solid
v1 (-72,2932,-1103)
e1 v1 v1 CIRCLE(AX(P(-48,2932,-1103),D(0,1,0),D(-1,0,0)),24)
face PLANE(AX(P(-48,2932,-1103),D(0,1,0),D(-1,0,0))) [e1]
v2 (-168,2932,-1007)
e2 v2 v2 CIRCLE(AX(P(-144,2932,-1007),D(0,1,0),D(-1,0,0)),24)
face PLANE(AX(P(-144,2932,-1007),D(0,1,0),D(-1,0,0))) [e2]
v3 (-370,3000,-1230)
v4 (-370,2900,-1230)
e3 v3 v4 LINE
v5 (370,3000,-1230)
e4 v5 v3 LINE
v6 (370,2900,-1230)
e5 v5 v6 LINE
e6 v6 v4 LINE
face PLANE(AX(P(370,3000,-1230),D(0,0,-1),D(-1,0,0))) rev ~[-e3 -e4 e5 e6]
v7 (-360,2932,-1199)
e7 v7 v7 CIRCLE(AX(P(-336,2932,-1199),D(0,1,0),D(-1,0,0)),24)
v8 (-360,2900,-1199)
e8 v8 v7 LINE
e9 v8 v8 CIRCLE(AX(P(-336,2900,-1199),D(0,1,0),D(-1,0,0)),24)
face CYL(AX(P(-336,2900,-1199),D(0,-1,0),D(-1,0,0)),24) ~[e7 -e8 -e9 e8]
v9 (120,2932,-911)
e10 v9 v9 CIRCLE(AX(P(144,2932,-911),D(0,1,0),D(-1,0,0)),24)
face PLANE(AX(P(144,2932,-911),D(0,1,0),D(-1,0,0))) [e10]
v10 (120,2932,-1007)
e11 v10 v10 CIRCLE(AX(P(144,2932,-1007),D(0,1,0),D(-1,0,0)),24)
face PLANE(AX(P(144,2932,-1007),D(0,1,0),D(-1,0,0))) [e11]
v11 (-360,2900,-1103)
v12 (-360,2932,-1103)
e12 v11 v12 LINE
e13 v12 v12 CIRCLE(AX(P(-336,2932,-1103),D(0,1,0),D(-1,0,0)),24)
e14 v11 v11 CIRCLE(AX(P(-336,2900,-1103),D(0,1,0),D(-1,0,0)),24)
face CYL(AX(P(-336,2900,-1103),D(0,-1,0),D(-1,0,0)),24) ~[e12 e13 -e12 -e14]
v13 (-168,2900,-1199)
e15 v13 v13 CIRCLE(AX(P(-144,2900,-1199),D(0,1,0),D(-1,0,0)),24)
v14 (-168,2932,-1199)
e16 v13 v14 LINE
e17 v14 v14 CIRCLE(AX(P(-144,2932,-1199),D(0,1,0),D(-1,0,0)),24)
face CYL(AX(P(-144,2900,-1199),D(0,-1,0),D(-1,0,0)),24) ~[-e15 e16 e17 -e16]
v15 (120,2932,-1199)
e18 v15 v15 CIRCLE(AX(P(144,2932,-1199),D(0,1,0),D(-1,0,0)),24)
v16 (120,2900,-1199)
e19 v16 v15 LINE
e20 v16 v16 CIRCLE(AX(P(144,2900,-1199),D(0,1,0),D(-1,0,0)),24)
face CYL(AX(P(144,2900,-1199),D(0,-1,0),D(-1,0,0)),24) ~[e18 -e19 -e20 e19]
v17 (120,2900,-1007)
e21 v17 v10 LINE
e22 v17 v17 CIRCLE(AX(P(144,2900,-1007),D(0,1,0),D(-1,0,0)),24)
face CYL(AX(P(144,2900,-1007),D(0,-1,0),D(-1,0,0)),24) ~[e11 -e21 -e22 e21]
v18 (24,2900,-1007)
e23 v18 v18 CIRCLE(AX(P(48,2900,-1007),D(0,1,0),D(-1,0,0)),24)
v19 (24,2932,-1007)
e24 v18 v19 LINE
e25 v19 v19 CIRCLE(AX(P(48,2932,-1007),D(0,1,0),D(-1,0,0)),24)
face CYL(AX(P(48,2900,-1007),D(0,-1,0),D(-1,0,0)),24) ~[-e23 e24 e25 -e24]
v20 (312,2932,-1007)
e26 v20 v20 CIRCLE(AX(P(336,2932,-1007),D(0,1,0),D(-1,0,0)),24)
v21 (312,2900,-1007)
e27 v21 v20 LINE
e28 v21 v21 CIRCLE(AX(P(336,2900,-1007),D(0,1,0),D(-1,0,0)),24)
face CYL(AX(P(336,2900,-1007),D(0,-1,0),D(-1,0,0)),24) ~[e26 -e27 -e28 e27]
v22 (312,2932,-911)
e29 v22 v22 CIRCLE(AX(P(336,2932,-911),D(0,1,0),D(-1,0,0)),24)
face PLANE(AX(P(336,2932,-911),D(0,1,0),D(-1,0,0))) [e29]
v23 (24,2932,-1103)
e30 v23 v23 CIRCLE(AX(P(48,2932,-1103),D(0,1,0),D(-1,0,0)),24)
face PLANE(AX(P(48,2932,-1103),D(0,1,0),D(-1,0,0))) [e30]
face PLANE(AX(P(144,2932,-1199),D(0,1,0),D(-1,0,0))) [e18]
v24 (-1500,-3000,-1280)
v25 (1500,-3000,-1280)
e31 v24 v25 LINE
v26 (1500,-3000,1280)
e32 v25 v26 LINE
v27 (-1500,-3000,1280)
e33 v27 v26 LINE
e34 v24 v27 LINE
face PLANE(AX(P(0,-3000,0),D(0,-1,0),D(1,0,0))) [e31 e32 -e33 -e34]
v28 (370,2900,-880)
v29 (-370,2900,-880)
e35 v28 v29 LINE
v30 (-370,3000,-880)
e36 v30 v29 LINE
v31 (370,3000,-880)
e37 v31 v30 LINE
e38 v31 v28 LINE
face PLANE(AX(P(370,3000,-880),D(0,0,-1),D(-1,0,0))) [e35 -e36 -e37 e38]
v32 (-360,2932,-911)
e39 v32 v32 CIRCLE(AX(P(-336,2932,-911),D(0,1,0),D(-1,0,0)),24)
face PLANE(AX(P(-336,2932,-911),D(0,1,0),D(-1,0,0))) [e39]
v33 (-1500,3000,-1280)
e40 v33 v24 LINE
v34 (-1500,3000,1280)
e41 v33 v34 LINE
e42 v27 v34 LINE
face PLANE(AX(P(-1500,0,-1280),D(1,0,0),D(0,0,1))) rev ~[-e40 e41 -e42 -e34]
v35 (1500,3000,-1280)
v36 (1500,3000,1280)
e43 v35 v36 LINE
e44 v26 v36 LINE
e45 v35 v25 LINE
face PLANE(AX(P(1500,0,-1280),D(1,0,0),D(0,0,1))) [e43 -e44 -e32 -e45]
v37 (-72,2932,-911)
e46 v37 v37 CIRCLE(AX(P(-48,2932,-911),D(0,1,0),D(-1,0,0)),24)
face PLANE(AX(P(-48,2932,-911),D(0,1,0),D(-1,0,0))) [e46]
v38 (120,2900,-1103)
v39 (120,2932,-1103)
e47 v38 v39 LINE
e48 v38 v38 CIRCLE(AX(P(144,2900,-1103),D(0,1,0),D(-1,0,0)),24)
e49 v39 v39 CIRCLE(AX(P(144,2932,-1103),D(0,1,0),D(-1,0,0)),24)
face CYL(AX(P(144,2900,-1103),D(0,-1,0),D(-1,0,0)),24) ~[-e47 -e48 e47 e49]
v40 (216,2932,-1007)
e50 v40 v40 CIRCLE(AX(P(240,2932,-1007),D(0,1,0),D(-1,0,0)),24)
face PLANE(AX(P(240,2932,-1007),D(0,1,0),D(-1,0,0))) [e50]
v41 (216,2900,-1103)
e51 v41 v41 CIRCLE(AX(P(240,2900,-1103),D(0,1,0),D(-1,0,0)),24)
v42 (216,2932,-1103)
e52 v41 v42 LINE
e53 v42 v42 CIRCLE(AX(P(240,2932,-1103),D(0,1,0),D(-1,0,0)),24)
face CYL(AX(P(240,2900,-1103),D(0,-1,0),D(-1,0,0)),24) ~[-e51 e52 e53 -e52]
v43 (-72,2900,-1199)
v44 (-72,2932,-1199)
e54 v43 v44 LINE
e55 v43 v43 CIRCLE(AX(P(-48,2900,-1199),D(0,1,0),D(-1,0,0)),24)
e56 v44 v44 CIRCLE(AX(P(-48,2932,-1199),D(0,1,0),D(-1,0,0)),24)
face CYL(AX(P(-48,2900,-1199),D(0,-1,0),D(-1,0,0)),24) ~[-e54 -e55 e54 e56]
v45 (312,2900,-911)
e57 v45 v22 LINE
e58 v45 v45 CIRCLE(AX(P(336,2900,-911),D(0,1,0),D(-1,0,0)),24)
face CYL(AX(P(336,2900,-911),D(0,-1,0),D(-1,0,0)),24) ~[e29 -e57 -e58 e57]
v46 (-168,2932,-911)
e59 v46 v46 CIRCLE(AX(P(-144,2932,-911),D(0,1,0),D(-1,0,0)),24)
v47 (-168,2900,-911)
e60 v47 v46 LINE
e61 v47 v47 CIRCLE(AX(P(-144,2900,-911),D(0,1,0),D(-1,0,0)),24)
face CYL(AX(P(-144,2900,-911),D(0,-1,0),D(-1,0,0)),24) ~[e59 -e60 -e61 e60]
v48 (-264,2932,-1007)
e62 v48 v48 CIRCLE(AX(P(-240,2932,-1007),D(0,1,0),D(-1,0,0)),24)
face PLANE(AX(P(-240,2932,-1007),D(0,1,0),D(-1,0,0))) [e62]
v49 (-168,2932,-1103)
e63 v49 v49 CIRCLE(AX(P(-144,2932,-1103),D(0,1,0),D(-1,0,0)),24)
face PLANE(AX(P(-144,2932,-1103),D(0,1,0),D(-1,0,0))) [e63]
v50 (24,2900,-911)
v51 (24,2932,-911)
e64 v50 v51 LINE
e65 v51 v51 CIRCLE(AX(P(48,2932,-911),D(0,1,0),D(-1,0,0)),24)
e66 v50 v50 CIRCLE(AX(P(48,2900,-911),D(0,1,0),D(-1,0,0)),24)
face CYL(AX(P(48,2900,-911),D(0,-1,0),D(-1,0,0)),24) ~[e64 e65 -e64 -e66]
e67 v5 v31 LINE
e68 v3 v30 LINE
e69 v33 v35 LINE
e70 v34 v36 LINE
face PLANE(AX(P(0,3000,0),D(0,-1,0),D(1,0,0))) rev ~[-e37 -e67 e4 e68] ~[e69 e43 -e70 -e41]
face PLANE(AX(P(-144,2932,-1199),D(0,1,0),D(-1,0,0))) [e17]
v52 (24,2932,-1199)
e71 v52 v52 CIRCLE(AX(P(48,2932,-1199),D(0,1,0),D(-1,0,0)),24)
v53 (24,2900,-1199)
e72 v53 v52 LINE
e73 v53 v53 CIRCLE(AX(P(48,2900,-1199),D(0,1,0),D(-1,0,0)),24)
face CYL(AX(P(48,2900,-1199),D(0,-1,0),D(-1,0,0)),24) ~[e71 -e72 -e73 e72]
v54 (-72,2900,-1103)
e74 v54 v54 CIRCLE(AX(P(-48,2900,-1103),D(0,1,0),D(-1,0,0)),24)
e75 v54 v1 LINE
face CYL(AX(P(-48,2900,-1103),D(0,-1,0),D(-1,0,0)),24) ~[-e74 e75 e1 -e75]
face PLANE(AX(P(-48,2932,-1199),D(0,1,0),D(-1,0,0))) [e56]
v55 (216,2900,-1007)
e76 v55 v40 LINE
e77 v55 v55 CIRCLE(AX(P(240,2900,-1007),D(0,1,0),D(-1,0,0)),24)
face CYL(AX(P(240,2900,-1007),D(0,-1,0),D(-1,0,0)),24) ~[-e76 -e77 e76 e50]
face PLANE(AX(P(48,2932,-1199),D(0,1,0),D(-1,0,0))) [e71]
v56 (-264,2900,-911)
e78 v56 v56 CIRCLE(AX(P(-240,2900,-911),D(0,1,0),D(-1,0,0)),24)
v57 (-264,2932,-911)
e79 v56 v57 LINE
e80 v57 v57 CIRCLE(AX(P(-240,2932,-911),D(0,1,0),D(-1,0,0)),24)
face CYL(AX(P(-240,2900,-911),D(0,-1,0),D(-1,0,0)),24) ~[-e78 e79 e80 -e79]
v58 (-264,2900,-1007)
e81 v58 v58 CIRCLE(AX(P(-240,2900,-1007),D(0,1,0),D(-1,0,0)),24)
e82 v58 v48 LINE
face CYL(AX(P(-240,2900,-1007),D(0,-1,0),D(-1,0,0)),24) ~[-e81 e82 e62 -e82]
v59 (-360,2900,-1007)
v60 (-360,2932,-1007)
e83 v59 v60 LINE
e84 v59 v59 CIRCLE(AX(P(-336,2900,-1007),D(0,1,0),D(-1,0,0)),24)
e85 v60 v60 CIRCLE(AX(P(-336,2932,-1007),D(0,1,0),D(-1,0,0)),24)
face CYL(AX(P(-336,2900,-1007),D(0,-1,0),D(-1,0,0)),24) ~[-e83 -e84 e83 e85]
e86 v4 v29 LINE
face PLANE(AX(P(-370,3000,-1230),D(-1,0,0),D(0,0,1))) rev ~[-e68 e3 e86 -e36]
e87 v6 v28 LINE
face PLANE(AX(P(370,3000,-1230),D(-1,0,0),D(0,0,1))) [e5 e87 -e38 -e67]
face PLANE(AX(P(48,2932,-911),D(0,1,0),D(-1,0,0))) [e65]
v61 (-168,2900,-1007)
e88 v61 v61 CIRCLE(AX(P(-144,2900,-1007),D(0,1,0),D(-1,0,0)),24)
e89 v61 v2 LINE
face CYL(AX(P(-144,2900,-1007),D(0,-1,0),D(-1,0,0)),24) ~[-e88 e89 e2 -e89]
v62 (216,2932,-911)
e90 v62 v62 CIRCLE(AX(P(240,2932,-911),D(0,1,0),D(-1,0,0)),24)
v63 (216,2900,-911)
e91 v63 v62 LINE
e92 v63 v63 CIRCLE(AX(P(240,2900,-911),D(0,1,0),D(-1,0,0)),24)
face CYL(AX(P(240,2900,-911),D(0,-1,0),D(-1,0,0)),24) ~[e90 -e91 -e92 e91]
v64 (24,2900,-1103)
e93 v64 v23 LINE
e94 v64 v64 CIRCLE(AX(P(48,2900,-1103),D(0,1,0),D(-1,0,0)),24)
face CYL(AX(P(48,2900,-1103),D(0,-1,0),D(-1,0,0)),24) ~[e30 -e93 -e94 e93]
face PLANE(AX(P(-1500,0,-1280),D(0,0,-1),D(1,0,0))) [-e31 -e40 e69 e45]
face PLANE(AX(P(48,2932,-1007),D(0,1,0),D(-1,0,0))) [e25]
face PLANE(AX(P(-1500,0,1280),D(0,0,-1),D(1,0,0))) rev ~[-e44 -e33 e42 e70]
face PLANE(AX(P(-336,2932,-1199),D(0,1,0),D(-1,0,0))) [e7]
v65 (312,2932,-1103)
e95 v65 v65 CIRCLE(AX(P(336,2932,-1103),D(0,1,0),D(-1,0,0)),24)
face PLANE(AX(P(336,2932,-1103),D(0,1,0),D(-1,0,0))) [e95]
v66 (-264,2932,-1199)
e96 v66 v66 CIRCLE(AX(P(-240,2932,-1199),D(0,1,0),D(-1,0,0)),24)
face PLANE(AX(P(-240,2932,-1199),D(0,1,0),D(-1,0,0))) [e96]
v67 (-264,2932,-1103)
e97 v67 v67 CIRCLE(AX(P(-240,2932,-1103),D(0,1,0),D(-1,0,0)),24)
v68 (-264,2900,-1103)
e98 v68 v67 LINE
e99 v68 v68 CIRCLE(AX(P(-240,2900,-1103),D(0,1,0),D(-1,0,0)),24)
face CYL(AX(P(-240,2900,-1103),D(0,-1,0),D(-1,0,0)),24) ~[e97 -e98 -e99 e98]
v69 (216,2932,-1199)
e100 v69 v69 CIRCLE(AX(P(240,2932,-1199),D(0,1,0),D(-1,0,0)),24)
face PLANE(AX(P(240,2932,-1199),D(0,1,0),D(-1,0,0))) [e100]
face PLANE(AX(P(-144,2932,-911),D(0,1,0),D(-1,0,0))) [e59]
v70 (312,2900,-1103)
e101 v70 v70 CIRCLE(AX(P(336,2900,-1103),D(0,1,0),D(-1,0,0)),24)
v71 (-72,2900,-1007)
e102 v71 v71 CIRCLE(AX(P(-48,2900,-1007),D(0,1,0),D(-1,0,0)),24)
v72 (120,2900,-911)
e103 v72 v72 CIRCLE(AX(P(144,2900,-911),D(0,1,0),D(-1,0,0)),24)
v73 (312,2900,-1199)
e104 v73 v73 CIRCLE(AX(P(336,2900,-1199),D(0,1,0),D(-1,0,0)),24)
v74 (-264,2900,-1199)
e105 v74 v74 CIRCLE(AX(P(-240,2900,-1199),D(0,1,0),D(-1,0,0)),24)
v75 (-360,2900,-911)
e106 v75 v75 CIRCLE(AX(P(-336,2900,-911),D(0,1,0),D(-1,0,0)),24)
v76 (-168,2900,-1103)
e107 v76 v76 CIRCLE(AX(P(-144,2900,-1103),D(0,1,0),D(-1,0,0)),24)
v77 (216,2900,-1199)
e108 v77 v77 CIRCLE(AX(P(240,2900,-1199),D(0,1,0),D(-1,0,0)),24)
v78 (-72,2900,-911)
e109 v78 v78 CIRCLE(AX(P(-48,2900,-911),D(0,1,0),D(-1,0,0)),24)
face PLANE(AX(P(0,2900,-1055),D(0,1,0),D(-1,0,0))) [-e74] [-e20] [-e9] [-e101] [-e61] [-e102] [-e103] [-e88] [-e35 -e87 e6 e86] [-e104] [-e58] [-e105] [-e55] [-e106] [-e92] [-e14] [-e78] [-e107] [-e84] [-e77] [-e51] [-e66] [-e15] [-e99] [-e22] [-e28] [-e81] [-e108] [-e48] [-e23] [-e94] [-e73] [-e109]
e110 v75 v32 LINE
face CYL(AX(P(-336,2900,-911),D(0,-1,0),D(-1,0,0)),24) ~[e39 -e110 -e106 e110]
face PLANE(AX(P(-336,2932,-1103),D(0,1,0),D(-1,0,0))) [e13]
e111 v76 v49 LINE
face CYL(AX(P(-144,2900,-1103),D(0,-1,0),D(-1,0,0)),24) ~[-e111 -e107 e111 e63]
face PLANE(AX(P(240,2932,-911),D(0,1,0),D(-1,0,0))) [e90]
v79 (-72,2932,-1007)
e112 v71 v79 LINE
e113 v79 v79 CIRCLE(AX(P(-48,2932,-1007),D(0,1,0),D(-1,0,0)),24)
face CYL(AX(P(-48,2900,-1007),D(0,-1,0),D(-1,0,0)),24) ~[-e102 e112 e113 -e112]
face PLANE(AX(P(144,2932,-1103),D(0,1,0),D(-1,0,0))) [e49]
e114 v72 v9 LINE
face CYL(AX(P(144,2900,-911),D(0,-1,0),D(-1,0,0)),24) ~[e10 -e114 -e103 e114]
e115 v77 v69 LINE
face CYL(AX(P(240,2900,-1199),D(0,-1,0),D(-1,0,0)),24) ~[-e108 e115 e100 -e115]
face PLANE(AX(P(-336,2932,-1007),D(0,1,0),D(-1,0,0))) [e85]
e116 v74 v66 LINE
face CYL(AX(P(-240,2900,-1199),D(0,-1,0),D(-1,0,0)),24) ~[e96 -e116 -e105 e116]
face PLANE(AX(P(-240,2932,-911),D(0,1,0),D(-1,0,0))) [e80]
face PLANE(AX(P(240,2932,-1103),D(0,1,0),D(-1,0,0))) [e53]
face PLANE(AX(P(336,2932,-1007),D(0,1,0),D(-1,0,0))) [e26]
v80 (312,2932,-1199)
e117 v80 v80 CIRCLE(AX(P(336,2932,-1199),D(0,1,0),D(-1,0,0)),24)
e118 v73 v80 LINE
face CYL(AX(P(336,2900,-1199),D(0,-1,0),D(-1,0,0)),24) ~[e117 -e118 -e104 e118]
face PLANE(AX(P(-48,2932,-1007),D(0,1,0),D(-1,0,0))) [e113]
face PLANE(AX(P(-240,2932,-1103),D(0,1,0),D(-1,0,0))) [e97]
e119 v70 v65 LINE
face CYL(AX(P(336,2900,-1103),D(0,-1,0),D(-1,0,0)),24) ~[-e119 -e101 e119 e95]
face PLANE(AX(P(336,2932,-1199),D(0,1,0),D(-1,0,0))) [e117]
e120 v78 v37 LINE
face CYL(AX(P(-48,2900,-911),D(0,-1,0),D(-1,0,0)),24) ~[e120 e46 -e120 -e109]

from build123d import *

# Parameters (mm, degrees)
F0_W     = 3000
F0_H     = 2560
F1_DEPTH = 3000
F3_W     = 740
F3_H     = 350
F4_DEPTH = 100
F5_R     = 24
F6_DEPTH = 32


with BuildPart() as f1:
    # F0 (on Front) → F1 (new body, symmetric)
    with BuildSketch(Plane.XZ):
        Rectangle(F0_W, F0_H)
    extrude(amount=F1_DEPTH, both=True)

    # F3 (on face) → F4 (cut)
    with BuildSketch(Plane(origin=(0, 3000, 0), x_dir=(-1, 0, 0), z_dir=(0, 1, 0))):
        with Locations((0, -1055)):
            Rectangle(F3_W, F3_H)
    extrude(amount=-F4_DEPTH, mode=Mode.SUBTRACT)

    # F5 (on face) → F6 (join)
    with BuildSketch(Plane(origin=(0, 2900, 0), x_dir=(-1, 0, 0), z_dir=(0, 1, 0))):
        with Locations((-336, -911)):
            Circle(F5_R)
        with Locations((-336, -1007)):
            Circle(F5_R)
        with Locations((-336, -1103)):
            Circle(F5_R)
        with Locations((-336, -1199)):
            Circle(F5_R)
        with Locations((-240, -911)):
            Circle(F5_R)
        with Locations((-240, -1007)):
            Circle(F5_R)
        with Locations((-240, -1103)):
            Circle(F5_R)
        with Locations((-240, -1199)):
            Circle(F5_R)
        with Locations((-144, -911)):
            Circle(F5_R)
        with Locations((-144, -1007)):
            Circle(F5_R)
        with Locations((-144, -1103)):
            Circle(F5_R)
        with Locations((-144, -1199)):
            Circle(F5_R)
        with Locations((-48, -911)):
            Circle(F5_R)
        with Locations((-48, -1007)):
            Circle(F5_R)
        with Locations((-48, -1103)):
            Circle(F5_R)
        with Locations((-48, -1199)):
            Circle(F5_R)
        with Locations((48, -911)):
            Circle(F5_R)
        with Locations((48, -1007)):
            Circle(F5_R)
        with Locations((48, -1103)):
            Circle(F5_R)
        with Locations((48, -1199)):
            Circle(F5_R)
        with Locations((144, -911)):
            Circle(F5_R)
        with Locations((144, -1007)):
            Circle(F5_R)
        with Locations((144, -1103)):
            Circle(F5_R)
        with Locations((144, -1199)):
            Circle(F5_R)
        with Locations((240, -911)):
            Circle(F5_R)
        with Locations((240, -1007)):
            Circle(F5_R)
        with Locations((240, -1103)):
            Circle(F5_R)
        with Locations((240, -1199)):
            Circle(F5_R)
        with Locations((336, -911)):
            Circle(F5_R)
        with Locations((336, -1007)):
            Circle(F5_R)
        with Locations((336, -1103)):
            Circle(F5_R)
        with Locations((336, -1199)):
            Circle(F5_R)
    extrude(amount=F6_DEPTH)


solid = f1.part
